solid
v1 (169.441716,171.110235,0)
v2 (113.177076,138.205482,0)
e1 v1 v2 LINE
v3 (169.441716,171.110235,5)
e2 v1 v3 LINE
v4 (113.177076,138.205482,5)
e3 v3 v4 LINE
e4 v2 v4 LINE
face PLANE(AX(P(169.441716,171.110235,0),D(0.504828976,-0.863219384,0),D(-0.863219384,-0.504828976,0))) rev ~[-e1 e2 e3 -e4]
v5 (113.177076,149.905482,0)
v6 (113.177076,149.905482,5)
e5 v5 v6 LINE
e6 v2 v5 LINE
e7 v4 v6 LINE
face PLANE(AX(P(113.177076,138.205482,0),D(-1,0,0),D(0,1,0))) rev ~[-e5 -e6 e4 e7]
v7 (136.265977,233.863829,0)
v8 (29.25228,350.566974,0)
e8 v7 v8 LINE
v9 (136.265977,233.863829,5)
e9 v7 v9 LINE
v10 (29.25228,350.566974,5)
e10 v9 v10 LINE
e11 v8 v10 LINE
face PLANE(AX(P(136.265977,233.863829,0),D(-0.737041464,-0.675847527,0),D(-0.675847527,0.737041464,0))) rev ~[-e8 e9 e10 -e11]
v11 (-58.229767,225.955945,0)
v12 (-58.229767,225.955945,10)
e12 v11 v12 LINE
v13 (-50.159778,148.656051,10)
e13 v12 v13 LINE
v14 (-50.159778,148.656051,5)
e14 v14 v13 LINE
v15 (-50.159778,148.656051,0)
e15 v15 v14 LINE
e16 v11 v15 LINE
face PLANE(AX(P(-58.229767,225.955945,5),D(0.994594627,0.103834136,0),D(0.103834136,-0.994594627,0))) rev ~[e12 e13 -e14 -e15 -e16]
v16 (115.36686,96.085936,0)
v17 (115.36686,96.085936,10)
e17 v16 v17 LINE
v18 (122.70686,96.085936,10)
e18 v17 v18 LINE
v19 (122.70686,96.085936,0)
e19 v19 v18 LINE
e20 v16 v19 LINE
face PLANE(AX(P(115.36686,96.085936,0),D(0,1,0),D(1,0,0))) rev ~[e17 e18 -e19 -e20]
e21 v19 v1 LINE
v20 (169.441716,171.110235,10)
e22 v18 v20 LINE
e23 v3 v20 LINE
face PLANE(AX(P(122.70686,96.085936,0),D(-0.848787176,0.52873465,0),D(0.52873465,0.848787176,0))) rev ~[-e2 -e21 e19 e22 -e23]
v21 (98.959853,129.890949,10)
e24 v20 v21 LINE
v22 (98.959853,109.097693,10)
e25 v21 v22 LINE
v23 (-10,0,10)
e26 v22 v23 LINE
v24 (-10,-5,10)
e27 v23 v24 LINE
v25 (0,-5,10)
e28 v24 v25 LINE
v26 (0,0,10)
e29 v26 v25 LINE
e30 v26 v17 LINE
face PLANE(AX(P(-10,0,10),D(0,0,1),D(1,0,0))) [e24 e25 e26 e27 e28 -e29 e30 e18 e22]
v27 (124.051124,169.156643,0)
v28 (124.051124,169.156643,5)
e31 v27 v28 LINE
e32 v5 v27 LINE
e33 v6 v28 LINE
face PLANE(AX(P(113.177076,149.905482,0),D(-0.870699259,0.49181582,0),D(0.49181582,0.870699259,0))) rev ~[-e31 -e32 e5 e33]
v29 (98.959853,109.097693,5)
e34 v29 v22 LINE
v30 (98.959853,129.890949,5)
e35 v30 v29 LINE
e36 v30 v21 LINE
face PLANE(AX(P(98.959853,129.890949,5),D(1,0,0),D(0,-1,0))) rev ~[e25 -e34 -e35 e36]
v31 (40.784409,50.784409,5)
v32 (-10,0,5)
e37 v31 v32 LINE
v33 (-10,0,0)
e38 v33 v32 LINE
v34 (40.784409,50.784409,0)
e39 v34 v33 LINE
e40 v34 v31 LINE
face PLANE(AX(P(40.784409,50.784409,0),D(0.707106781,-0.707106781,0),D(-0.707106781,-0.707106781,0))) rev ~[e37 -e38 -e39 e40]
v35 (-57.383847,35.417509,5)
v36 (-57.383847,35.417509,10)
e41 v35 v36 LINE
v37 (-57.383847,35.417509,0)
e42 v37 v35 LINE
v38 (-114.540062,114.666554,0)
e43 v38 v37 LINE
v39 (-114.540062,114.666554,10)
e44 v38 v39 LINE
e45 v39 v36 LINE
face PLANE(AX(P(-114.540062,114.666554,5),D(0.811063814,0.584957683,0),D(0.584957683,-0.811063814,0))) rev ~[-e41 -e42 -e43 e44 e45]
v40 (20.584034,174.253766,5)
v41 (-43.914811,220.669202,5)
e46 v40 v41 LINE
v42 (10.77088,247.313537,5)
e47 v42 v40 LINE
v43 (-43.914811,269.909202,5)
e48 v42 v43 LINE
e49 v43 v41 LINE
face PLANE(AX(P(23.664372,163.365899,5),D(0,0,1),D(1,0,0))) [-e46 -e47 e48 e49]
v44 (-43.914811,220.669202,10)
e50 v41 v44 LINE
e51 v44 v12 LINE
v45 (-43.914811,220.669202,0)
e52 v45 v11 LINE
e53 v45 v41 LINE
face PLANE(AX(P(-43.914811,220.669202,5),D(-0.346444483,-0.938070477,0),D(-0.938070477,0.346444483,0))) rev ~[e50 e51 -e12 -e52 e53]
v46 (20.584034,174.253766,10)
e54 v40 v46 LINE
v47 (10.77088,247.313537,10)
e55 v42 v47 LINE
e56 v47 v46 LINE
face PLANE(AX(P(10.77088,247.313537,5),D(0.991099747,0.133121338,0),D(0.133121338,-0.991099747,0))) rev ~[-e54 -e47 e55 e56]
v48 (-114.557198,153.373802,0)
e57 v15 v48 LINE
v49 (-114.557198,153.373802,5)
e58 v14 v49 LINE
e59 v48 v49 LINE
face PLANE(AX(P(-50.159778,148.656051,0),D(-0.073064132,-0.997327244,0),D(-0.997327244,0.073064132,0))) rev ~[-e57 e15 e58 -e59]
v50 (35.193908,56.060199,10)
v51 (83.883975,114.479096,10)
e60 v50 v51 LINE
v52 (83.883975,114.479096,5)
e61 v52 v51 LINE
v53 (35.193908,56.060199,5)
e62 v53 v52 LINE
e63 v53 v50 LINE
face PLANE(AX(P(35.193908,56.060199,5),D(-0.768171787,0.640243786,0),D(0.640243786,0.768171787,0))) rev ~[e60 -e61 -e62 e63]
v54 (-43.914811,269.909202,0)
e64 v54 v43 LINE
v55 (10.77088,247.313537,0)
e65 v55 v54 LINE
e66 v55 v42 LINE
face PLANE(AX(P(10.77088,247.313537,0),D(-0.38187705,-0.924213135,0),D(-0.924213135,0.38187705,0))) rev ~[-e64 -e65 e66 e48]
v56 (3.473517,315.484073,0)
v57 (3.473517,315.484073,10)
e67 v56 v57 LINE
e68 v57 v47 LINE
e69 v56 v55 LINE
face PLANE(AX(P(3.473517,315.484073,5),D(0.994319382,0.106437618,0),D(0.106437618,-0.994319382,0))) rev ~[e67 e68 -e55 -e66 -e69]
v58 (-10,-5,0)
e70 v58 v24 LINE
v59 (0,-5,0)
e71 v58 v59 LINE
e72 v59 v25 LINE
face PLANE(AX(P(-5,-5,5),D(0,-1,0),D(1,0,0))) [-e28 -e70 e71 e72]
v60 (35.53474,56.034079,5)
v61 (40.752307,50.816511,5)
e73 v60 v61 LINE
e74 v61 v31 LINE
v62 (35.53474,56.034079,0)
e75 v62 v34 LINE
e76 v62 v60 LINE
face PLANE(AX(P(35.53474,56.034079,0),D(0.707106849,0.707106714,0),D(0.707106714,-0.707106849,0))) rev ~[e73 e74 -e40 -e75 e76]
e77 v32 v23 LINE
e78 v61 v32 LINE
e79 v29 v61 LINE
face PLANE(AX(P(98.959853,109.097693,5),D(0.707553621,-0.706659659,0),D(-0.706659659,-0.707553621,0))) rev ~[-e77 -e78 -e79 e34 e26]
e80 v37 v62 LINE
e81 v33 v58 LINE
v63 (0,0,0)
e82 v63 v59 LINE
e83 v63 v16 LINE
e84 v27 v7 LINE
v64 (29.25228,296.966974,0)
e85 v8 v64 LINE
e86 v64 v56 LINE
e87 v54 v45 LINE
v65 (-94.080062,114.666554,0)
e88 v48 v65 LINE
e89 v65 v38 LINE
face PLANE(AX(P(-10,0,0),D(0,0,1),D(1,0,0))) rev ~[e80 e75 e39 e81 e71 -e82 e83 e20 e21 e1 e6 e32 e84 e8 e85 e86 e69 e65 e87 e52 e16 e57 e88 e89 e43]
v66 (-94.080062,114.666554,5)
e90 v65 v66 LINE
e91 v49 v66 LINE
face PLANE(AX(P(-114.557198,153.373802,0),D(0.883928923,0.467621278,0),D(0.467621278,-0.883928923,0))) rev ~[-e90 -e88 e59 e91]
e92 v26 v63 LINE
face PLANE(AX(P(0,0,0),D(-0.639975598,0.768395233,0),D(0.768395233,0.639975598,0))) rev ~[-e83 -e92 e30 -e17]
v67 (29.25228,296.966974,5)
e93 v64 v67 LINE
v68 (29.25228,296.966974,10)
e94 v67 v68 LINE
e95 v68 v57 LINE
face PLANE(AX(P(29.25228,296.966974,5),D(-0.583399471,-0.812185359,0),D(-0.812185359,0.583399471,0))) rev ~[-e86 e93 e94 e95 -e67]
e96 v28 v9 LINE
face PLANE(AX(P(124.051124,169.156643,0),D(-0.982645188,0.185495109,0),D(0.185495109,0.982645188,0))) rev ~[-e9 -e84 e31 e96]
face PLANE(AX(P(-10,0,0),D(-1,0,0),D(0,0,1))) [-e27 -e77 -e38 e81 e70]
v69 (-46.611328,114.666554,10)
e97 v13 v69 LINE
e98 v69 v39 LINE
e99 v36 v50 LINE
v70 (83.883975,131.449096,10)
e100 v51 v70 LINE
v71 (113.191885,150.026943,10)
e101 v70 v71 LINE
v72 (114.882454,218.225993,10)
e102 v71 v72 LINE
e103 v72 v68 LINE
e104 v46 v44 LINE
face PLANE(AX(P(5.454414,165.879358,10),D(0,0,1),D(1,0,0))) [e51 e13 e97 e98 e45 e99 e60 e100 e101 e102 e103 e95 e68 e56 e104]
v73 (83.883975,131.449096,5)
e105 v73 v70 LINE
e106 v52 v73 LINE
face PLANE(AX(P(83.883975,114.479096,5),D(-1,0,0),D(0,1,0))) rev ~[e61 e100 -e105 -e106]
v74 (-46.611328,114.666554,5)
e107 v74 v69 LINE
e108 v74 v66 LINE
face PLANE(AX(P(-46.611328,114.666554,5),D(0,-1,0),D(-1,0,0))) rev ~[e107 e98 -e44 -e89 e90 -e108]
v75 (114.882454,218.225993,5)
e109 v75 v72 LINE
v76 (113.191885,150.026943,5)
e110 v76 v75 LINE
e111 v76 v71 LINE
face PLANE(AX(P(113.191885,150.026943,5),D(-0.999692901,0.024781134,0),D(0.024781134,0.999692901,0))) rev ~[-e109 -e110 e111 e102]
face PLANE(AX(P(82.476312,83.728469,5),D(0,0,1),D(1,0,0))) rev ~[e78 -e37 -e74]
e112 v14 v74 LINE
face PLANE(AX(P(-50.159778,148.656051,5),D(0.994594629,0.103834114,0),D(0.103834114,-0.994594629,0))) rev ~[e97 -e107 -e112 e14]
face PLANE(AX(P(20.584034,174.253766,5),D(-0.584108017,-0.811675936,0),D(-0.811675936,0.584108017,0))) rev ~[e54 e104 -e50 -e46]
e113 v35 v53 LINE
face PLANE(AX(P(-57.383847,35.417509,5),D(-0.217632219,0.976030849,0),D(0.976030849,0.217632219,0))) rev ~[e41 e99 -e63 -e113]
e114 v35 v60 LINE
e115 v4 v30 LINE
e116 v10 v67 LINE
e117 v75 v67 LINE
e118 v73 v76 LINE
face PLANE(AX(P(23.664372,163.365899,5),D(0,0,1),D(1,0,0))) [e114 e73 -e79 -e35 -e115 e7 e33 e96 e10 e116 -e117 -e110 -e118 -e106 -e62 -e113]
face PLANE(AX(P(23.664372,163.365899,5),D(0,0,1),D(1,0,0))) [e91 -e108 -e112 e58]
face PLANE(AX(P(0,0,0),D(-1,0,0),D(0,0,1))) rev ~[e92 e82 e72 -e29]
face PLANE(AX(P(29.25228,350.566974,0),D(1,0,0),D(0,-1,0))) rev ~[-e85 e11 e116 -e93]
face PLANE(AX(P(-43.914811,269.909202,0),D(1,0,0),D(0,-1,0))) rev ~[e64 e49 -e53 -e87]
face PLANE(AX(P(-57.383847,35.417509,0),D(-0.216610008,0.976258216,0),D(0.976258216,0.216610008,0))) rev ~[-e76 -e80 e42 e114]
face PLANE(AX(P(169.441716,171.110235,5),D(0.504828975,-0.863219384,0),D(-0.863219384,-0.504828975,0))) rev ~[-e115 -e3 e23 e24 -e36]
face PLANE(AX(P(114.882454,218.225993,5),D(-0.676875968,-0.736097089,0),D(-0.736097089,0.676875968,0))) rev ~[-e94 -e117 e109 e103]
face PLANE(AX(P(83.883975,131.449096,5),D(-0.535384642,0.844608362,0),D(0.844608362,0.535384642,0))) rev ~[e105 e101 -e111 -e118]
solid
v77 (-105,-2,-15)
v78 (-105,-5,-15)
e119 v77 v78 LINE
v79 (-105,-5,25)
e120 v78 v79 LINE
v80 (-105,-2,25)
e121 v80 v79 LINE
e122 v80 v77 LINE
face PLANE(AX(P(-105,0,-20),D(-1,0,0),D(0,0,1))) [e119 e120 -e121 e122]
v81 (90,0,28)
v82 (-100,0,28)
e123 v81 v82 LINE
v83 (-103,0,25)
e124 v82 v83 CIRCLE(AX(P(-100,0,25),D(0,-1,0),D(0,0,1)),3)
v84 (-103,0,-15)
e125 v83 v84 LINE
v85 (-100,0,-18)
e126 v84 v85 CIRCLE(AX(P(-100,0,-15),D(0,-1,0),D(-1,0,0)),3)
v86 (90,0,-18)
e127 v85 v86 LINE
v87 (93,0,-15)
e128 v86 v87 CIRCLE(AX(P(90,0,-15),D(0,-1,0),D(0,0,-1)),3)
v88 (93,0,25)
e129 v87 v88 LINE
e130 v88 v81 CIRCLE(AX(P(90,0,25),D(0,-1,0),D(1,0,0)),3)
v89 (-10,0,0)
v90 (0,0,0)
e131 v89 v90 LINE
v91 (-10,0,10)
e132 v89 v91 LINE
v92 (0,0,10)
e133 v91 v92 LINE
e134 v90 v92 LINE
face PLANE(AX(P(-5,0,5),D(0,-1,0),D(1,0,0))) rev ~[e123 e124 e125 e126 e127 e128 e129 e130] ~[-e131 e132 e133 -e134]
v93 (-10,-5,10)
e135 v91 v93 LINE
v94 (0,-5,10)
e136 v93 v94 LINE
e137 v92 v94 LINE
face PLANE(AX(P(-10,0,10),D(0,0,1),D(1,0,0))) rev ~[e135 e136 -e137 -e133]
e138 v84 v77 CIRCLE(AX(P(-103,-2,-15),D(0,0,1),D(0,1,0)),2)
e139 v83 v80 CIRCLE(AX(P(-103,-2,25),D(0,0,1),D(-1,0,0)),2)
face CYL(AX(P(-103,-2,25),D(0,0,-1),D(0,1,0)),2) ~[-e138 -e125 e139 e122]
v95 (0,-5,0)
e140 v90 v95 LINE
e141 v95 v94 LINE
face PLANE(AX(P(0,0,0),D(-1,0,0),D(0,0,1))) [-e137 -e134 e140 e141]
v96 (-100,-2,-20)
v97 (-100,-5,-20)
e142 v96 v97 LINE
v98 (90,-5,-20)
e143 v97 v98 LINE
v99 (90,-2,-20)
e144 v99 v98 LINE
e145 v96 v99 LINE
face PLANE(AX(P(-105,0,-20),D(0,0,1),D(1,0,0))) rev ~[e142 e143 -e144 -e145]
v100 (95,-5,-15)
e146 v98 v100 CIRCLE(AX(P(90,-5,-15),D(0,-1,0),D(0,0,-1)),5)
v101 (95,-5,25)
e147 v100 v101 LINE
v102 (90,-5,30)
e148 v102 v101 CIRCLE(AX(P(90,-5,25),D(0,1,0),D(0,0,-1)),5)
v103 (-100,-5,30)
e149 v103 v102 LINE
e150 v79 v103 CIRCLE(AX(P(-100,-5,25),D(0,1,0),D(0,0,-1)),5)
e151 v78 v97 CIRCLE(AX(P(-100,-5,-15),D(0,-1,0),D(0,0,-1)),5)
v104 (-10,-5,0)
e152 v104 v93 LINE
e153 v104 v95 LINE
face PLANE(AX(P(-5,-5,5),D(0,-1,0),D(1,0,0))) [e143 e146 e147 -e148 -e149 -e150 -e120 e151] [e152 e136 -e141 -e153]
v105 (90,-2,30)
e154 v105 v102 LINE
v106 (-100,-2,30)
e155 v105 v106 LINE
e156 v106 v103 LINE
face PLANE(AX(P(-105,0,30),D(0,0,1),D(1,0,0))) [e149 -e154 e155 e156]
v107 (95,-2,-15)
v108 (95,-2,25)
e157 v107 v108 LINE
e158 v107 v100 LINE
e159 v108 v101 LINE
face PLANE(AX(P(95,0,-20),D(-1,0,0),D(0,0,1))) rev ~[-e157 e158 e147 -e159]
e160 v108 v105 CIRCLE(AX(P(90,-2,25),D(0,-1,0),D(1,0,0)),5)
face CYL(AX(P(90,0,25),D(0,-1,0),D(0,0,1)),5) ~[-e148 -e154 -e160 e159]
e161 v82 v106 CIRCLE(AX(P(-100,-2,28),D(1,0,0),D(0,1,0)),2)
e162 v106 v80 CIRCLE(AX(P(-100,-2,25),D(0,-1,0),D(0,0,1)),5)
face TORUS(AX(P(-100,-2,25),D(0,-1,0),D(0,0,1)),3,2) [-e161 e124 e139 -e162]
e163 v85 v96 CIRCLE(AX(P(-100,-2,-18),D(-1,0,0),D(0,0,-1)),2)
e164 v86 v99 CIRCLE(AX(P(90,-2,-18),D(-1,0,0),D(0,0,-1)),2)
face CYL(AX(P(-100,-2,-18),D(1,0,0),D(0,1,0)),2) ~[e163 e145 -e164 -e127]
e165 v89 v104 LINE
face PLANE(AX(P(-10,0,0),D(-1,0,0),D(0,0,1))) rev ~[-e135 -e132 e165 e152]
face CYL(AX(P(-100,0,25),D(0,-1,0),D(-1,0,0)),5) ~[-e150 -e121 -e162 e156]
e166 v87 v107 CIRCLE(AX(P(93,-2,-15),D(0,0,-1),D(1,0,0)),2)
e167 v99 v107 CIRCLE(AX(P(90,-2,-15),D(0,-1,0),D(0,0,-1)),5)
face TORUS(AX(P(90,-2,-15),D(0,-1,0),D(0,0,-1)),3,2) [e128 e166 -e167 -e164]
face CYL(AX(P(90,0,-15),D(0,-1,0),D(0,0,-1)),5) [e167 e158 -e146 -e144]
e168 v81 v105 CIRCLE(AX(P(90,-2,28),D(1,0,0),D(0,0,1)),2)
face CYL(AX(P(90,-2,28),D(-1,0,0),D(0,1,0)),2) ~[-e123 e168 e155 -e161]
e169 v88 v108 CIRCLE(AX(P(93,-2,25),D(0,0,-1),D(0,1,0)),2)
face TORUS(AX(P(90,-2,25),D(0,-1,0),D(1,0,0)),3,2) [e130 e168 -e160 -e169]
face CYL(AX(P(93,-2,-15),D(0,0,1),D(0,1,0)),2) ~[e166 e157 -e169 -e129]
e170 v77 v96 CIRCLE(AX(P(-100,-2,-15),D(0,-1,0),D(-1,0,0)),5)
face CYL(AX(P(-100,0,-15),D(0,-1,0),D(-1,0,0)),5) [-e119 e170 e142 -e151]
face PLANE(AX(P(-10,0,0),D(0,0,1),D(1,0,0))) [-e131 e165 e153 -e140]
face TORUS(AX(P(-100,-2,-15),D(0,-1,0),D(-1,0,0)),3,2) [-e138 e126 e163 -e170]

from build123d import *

# Parameters (mm, degrees)
PAD_DEPTH     = 5
PAD001_DEPTH  = 5
SKETCH002_W   = 10
SKETCH002_H   = 10
PAD002_DEPTH  = 5
SKETCH003_W   = 200
SKETCH003_H   = 50
SKETCH003_W_2 = 10
SKETCH003_H_2 = 10
PAD003_DEPTH  = 5
FILLET_R      = 5
FILLET001_R   = 2


with BuildPart() as monarchbody:
    # Sketch → Pad (new body)
    with BuildSketch(Plane.XY):
        Polygon((0, 0), (115.36686, 96.085936), (122.70686, 96.085936), (169.441716, 171.110235), (113.177076, 138.205482), (113.177076, 149.905482), (124.051124, 169.156643), (136.265977, 233.863829), (29.25228, 350.566974), (29.25228, 296.966974), (3.473517, 315.484073), (10.77088, 247.313537), (-43.914811, 269.909202), (-43.914811, 220.669202), (-58.229767, 225.955945), (-50.159778, 148.656051), (-114.557198, 153.373802), (-94.080062, 114.666554), (-114.540062, 114.666554), (-57.383847, 35.417509), (35.53474, 56.034079), (40.784409, 50.784409), (-10, 0), align=None)
    extrude(amount=PAD_DEPTH)

    # Sketch001 (on Face25 of Pad) → Pad001 (join)
    with BuildSketch(Plane.XY.offset(5)):
        Polygon((29.25228, 296.966974), (3.473517, 315.484073), (10.77088, 247.313537), (20.584034, 174.253766), (-43.914811, 220.669202), (-58.229767, 225.955945), (-50.159778, 148.656051), (-46.611328, 114.666554), (-94.080062, 114.666554), (-114.540062, 114.666554), (-57.383847, 35.417509), (35.193908, 56.060199), (83.883975, 114.479096), (83.883975, 131.449096), (113.191885, 150.026943), (114.882454, 218.225993), align=None)
        Polygon((-10, 0), (0, 0), (115.36686, 96.085936), (122.70686, 96.085936), (169.441716, 171.110235), (98.959853, 129.890949), (98.959853, 109.097693), align=None)
    extrude(amount=PAD001_DEPTH)

    # Sketch002 (on Face2 of Pad001) → Pad002 (join)
    with BuildSketch(Plane.XZ):
        with Locations((-5, 5)):
            Rectangle(SKETCH002_W, SKETCH002_H)
    extrude(amount=PAD002_DEPTH)


with BuildPart() as standbody:
    # Sketch003 → Pad003 (new body)
    with BuildSketch(Plane.XZ):
        with Locations((-5, 5)):
            Rectangle(SKETCH003_W, SKETCH003_H)
        with Locations((-5, 5)):
            Rectangle(SKETCH003_W_2, SKETCH003_H_2, mode=Mode.SUBTRACT)
    extrude(amount=PAD003_DEPTH)

    # Fillet
    fillet_edges = [standbody.edges().sort_by_distance(p)[0] for p in [
        (95, -2.5, 30),
        (-105, -2.5, 30),
        (-105, -2.5, -20),
        (95, -2.5, -20),
    ]]
    fillet(fillet_edges, radius=FILLET_R)

    # Fillet001
    fillet001_edges = [standbody.edges().sort_by_distance(p)[0] for p in [
        (93.535534, 0, -18.535534),
        (-5, 0, -20),
        (-103.535534, 0, -18.535534),
        (-105, 0, 5),
        (-103.535534, 0, 28.535534),
        (-5, 0, 30),
        (93.535534, 0, 28.535534),
        (95, 0, 5),
    ]]
    fillet(fillet001_edges, radius=FILLET001_R)


solid = Compound([monarchbody.part, standbody.part])
